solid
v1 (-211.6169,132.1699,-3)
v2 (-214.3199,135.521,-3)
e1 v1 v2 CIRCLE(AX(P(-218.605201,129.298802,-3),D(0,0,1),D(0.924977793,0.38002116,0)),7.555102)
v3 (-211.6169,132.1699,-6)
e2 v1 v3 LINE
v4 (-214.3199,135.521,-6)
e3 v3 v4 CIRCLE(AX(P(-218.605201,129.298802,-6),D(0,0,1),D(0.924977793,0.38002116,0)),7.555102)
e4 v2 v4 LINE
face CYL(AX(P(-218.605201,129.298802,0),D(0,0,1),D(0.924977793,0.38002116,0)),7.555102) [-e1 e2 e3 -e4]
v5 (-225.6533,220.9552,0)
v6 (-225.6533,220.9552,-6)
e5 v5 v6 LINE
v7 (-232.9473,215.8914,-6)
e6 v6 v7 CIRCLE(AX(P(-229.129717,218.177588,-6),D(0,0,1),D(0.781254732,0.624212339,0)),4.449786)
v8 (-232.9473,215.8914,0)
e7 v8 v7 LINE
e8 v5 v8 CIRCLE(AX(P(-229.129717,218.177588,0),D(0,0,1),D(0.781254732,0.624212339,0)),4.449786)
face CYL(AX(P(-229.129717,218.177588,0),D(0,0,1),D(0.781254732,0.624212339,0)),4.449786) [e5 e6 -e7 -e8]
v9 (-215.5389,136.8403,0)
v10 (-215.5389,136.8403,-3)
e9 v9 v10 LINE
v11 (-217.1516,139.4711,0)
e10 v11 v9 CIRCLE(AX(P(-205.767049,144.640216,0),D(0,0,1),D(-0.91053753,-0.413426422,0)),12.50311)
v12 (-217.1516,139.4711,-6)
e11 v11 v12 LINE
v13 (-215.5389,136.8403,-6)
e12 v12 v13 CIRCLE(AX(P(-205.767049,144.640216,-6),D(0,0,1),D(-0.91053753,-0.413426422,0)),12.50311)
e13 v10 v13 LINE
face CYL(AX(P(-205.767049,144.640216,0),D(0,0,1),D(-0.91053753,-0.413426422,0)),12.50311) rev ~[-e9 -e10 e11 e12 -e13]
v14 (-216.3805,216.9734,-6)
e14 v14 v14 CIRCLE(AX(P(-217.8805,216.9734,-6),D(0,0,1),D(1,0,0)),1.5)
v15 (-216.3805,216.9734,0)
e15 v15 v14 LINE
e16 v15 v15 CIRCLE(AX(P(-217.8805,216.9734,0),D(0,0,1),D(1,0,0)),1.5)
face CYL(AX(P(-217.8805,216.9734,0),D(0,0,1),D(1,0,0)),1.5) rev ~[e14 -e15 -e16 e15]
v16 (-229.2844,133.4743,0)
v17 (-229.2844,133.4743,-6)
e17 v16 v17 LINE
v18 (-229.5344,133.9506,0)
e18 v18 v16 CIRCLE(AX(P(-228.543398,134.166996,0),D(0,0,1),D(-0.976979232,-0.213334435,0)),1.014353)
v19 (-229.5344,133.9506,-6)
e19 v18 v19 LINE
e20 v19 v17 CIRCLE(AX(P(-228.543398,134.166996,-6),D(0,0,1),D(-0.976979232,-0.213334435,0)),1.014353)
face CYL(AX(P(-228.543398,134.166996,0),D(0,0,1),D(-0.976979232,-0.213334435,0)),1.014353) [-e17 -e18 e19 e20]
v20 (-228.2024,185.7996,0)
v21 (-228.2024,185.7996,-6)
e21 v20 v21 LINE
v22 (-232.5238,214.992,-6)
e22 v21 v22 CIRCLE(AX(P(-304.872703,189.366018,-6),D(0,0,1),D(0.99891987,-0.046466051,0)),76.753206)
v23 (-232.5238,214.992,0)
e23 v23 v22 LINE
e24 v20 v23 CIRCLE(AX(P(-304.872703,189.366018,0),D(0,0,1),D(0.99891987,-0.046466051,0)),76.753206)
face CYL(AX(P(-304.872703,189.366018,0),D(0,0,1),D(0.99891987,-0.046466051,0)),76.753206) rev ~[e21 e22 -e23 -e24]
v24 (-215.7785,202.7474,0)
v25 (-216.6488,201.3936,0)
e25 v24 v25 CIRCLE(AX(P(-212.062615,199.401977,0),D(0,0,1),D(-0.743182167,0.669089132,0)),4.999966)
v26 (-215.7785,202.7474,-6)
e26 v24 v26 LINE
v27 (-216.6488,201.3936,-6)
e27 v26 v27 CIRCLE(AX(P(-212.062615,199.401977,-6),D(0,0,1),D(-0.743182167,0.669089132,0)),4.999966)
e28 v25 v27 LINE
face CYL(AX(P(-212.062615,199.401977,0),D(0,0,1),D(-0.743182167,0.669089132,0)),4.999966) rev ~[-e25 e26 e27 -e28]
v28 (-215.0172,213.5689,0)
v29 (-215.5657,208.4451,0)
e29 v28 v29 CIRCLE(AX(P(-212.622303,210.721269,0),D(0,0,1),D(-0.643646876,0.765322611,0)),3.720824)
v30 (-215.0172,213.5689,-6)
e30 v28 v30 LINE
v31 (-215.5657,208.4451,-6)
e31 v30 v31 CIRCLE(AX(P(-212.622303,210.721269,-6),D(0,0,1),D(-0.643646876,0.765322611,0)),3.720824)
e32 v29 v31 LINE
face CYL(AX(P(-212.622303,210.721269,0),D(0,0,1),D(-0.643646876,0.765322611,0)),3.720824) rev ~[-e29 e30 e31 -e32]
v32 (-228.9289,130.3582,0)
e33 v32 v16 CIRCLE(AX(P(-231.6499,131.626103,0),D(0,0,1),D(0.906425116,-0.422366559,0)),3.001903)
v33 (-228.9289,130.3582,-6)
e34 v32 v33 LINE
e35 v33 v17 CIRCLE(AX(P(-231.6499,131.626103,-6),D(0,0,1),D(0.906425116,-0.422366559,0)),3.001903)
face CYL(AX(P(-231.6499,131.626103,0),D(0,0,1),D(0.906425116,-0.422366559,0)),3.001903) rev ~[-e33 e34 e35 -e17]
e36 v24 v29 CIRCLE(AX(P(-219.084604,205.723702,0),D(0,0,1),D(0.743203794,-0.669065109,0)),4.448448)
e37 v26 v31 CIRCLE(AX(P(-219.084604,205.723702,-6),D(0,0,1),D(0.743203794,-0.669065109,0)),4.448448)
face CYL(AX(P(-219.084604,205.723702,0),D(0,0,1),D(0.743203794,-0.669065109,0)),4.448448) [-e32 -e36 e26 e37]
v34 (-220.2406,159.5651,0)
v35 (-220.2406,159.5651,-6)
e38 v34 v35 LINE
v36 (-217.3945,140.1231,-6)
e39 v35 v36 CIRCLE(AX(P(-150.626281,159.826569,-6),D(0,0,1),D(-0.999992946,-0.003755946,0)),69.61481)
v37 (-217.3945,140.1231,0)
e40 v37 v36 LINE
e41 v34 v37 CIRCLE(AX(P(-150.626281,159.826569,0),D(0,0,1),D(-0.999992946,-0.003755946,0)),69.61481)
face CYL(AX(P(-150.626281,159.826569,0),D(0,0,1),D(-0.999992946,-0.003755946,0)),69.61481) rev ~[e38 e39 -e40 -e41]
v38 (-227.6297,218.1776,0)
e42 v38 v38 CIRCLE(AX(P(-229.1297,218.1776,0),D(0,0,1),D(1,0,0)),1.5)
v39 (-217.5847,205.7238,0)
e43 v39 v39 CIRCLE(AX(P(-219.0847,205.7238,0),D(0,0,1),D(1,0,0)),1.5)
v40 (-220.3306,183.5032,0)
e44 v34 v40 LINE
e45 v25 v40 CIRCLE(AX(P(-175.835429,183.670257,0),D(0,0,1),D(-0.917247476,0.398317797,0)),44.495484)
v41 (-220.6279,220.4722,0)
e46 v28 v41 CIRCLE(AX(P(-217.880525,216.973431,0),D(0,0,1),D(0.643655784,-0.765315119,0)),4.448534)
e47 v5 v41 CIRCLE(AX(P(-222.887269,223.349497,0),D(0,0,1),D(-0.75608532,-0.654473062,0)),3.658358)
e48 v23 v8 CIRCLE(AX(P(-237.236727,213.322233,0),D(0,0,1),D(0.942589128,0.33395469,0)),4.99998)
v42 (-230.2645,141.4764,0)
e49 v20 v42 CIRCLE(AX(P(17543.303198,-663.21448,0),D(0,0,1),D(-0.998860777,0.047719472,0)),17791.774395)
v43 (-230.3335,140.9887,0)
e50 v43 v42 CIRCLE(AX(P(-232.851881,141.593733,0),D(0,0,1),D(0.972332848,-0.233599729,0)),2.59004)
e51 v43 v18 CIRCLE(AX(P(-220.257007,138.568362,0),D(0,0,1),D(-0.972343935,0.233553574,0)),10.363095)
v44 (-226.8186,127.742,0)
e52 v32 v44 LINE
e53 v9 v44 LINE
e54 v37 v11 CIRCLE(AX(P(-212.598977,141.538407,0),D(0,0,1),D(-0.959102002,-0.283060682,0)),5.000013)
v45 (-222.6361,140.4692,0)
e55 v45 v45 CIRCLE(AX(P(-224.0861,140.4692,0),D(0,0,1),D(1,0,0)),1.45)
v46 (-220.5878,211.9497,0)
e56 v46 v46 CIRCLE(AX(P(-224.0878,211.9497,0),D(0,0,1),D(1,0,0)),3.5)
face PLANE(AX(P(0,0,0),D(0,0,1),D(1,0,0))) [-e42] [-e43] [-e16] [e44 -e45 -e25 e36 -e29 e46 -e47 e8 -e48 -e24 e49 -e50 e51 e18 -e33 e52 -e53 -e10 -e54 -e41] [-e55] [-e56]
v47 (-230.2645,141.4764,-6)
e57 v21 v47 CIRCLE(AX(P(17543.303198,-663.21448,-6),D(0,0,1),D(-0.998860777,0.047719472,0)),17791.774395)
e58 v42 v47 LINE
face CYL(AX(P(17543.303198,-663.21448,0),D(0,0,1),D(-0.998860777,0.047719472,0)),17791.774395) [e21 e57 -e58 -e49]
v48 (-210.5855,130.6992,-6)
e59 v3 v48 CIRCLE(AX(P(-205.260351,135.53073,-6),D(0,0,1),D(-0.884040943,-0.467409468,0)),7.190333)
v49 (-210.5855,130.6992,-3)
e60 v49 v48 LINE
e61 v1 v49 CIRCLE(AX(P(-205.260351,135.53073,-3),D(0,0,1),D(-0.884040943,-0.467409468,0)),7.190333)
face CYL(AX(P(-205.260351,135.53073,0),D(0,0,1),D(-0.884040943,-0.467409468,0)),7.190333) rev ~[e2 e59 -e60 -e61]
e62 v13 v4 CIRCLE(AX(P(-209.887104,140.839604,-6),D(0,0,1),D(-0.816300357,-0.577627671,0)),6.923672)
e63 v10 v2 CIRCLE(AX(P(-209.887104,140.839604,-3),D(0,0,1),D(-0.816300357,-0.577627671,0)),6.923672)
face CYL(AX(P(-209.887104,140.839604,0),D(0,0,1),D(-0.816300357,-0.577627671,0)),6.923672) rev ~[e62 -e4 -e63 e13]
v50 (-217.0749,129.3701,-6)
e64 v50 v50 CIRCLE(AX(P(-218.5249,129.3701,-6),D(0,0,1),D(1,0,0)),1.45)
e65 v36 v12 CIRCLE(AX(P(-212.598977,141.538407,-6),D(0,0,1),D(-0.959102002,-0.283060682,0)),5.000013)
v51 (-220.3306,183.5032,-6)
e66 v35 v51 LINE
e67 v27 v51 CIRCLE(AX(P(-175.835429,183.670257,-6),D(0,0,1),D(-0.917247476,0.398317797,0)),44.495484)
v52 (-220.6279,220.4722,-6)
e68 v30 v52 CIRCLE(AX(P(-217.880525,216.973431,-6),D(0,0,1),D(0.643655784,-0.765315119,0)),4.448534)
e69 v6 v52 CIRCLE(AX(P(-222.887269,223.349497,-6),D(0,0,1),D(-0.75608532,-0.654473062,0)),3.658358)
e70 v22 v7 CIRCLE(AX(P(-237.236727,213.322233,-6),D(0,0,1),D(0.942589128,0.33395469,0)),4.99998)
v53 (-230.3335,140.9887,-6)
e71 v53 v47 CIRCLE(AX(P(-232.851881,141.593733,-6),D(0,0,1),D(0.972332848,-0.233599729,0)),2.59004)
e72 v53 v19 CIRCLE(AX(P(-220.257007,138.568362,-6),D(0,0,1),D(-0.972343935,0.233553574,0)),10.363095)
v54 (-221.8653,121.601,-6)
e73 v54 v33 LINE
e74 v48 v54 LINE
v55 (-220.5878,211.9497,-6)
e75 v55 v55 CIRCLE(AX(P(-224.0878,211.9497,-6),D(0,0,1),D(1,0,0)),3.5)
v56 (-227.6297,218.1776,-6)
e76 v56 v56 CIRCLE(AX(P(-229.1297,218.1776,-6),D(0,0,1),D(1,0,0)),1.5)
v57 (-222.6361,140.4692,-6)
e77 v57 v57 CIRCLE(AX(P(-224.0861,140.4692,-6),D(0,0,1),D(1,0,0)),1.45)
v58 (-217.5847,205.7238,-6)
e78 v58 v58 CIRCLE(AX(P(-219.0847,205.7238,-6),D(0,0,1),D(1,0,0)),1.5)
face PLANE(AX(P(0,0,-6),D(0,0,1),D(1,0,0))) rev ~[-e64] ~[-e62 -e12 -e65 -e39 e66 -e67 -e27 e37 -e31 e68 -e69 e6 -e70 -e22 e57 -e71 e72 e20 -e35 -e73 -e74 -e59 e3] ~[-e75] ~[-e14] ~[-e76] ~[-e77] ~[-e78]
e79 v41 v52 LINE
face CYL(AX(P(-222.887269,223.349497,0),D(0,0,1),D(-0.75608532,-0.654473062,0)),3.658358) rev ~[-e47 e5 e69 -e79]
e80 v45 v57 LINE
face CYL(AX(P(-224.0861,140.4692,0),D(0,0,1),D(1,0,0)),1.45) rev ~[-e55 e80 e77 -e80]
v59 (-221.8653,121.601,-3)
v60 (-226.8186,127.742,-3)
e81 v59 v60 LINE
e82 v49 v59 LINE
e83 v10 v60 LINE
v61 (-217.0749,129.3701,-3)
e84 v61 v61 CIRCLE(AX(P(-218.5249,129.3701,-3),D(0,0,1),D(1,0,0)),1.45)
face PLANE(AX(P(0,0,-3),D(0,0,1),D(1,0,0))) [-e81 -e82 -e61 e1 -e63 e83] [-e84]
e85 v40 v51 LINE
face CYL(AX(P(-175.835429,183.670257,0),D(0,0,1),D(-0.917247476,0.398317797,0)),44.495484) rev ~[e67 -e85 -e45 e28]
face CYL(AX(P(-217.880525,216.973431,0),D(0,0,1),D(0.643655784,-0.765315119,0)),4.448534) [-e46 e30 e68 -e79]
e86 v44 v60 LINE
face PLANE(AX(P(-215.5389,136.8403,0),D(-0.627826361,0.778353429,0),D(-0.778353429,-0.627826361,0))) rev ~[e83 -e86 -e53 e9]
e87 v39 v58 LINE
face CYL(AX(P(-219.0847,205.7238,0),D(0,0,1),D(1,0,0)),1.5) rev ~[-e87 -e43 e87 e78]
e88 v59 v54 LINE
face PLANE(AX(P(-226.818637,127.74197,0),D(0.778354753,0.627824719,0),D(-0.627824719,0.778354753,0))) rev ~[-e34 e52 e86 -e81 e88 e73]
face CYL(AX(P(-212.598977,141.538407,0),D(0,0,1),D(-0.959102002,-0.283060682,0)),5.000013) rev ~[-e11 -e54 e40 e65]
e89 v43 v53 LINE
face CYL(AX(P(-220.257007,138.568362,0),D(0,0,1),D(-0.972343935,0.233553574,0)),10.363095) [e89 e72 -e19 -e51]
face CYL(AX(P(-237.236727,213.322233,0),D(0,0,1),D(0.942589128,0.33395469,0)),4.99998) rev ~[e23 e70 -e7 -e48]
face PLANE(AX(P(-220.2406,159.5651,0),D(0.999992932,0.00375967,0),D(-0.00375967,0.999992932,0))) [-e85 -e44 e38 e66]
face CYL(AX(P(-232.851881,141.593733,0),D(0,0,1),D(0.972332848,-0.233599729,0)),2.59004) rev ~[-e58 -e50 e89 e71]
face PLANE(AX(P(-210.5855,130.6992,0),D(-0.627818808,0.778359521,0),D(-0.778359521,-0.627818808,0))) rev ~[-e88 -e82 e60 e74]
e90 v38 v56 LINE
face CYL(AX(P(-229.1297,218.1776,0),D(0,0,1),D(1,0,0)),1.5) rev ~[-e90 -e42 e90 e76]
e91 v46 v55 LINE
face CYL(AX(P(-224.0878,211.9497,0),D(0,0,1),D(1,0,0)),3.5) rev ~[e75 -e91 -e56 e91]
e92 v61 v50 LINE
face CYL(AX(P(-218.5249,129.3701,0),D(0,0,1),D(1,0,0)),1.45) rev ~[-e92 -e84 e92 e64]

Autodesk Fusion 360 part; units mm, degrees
sketch "T_v1_Arm_5_Inch_Shorty_6mm_or_5mm_4x" plane through (0, 0, 0) normal (0, 0, 1) x (1, 0, 0)
  arc A0 (-225.6533, 220.9552) -> (-220.6279, 220.4722) centre (-222.8873, 223.3495) ccw
  arc A1 (-230.3335, 140.9887) -> (-229.5344, 133.9506) centre (-220.257, 138.5683) ccw
  arc A2 (-217.3945, 140.1231) -> (-217.1516, 139.4711) centre (-212.5989, 141.5382) ccw
  line L0 (-215.5389, 136.8403) -> (-226.8186, 127.742)
  arc A3 (-215.5389, 136.8403) -> (-214.3199, 135.521) centre (-209.8871, 140.8396) ccw
  arc A4 (-215.7785, 202.7474) -> (-216.6488, 201.3936) centre (-212.0626, 199.402) ccw
  arc A5 (-215.0172, 213.5689) -> (-220.6279, 220.4722) centre (-217.8805, 216.9734) ccw
  arc A6 (-220.2406, 159.5651) -> (-217.3945, 140.1231) centre (-150.6263, 159.8267) ccw
  arc A7 (-215.7785, 202.7474) -> (-215.5657, 208.4451) centre (-219.0846, 205.7238) ccw
  circle A8 centre (-217.8805, 216.9734) radius 1.5
  arc A9 (-228.9289, 130.3582) -> (-229.2844, 133.4743) centre (-231.6499, 131.6261) ccw
  circle A10 centre (-224.0861, 140.4692) radius 1.45
  circle A11 centre (-218.5249, 129.3701) radius 1.45
  arc A12 (-216.6488, 201.3936) -> (-220.3306, 183.5032) centre (-175.8354, 183.6704) ccw
  arc A13 (-225.6533, 220.9552) -> (-232.9473, 215.8914) centre (-229.1297, 218.1776) ccw
  arc A14 (-229.5344, 133.9506) -> (-229.2844, 133.4743) centre (-228.5434, 134.167) ccw
  circle A15 centre (-219.0847, 205.7238) radius 1.5
  arc A16 (-211.6169, 132.1699) -> (-210.5855, 130.6992) centre (-205.2604, 135.5308) ccw
  arc A17 (-217.1516, 139.4711) -> (-215.5389, 136.8403) centre (-205.7671, 144.6403) ccw
  line L1 (-221.8653, 121.601) -> (-228.9289, 130.3582)
  circle A18 centre (-224.0878, 211.9497) radius 3.5
  circle A19 centre (-218.5249, 129.3701) radius 1.45
  arc A20 (-228.2024, 185.7996) -> (-232.5238, 214.992) centre (-304.8727, 189.366) ccw
  line L2 (-220.2406, 159.5651) -> (-220.3306, 183.5032)
  circle A21 centre (-229.1297, 218.1776) radius 1.5
  arc A22 (-232.5238, 214.992) -> (-232.9473, 215.8914) centre (-237.2369, 213.3226) ccw
  arc A23 (-211.6169, 132.1699) -> (-214.3199, 135.521) centre (-218.6052, 129.2988) ccw
  line L3 (-210.5855, 130.6992) -> (-221.8653, 121.601)
  arc A24 (-215.0172, 213.5689) -> (-215.5657, 208.4451) centre (-212.6223, 210.7213) ccw
  arc A25 (-228.2024, 185.7996) -> (-230.2645, 141.4764) centre (17543.3039, -663.1993) ccw
  arc A26 (-230.3335, 140.9887) -> (-230.2645, 141.4764) centre (-232.8519, 141.5936) ccw
extrude "Extrude1" add sketch "T_v1_Arm_5_Inch_Shorty_6mm_or_5mm_4x" against normal blind 5.5 makes body 1
extrude "Extrude2" cut sketch "T_v1_Arm_5_Inch_Shorty_6mm_or_5mm_4x" against normal blind 2.75 contours L0 A3 A16 L1 A23 L3 bodies 1
extrude "Extrude3" add sketch "T_v1_Arm_5_Inch_Shorty_6mm_or_5mm_4x" against normal blind 6 separate body makes body 2
extrude "Extrude4" cut sketch "T_v1_Arm_5_Inch_Shorty_6mm_or_5mm_4x" against normal blind 3 contours L0 A3 A16 L1 A23 L3 bodies 2
hidden bodies 1
